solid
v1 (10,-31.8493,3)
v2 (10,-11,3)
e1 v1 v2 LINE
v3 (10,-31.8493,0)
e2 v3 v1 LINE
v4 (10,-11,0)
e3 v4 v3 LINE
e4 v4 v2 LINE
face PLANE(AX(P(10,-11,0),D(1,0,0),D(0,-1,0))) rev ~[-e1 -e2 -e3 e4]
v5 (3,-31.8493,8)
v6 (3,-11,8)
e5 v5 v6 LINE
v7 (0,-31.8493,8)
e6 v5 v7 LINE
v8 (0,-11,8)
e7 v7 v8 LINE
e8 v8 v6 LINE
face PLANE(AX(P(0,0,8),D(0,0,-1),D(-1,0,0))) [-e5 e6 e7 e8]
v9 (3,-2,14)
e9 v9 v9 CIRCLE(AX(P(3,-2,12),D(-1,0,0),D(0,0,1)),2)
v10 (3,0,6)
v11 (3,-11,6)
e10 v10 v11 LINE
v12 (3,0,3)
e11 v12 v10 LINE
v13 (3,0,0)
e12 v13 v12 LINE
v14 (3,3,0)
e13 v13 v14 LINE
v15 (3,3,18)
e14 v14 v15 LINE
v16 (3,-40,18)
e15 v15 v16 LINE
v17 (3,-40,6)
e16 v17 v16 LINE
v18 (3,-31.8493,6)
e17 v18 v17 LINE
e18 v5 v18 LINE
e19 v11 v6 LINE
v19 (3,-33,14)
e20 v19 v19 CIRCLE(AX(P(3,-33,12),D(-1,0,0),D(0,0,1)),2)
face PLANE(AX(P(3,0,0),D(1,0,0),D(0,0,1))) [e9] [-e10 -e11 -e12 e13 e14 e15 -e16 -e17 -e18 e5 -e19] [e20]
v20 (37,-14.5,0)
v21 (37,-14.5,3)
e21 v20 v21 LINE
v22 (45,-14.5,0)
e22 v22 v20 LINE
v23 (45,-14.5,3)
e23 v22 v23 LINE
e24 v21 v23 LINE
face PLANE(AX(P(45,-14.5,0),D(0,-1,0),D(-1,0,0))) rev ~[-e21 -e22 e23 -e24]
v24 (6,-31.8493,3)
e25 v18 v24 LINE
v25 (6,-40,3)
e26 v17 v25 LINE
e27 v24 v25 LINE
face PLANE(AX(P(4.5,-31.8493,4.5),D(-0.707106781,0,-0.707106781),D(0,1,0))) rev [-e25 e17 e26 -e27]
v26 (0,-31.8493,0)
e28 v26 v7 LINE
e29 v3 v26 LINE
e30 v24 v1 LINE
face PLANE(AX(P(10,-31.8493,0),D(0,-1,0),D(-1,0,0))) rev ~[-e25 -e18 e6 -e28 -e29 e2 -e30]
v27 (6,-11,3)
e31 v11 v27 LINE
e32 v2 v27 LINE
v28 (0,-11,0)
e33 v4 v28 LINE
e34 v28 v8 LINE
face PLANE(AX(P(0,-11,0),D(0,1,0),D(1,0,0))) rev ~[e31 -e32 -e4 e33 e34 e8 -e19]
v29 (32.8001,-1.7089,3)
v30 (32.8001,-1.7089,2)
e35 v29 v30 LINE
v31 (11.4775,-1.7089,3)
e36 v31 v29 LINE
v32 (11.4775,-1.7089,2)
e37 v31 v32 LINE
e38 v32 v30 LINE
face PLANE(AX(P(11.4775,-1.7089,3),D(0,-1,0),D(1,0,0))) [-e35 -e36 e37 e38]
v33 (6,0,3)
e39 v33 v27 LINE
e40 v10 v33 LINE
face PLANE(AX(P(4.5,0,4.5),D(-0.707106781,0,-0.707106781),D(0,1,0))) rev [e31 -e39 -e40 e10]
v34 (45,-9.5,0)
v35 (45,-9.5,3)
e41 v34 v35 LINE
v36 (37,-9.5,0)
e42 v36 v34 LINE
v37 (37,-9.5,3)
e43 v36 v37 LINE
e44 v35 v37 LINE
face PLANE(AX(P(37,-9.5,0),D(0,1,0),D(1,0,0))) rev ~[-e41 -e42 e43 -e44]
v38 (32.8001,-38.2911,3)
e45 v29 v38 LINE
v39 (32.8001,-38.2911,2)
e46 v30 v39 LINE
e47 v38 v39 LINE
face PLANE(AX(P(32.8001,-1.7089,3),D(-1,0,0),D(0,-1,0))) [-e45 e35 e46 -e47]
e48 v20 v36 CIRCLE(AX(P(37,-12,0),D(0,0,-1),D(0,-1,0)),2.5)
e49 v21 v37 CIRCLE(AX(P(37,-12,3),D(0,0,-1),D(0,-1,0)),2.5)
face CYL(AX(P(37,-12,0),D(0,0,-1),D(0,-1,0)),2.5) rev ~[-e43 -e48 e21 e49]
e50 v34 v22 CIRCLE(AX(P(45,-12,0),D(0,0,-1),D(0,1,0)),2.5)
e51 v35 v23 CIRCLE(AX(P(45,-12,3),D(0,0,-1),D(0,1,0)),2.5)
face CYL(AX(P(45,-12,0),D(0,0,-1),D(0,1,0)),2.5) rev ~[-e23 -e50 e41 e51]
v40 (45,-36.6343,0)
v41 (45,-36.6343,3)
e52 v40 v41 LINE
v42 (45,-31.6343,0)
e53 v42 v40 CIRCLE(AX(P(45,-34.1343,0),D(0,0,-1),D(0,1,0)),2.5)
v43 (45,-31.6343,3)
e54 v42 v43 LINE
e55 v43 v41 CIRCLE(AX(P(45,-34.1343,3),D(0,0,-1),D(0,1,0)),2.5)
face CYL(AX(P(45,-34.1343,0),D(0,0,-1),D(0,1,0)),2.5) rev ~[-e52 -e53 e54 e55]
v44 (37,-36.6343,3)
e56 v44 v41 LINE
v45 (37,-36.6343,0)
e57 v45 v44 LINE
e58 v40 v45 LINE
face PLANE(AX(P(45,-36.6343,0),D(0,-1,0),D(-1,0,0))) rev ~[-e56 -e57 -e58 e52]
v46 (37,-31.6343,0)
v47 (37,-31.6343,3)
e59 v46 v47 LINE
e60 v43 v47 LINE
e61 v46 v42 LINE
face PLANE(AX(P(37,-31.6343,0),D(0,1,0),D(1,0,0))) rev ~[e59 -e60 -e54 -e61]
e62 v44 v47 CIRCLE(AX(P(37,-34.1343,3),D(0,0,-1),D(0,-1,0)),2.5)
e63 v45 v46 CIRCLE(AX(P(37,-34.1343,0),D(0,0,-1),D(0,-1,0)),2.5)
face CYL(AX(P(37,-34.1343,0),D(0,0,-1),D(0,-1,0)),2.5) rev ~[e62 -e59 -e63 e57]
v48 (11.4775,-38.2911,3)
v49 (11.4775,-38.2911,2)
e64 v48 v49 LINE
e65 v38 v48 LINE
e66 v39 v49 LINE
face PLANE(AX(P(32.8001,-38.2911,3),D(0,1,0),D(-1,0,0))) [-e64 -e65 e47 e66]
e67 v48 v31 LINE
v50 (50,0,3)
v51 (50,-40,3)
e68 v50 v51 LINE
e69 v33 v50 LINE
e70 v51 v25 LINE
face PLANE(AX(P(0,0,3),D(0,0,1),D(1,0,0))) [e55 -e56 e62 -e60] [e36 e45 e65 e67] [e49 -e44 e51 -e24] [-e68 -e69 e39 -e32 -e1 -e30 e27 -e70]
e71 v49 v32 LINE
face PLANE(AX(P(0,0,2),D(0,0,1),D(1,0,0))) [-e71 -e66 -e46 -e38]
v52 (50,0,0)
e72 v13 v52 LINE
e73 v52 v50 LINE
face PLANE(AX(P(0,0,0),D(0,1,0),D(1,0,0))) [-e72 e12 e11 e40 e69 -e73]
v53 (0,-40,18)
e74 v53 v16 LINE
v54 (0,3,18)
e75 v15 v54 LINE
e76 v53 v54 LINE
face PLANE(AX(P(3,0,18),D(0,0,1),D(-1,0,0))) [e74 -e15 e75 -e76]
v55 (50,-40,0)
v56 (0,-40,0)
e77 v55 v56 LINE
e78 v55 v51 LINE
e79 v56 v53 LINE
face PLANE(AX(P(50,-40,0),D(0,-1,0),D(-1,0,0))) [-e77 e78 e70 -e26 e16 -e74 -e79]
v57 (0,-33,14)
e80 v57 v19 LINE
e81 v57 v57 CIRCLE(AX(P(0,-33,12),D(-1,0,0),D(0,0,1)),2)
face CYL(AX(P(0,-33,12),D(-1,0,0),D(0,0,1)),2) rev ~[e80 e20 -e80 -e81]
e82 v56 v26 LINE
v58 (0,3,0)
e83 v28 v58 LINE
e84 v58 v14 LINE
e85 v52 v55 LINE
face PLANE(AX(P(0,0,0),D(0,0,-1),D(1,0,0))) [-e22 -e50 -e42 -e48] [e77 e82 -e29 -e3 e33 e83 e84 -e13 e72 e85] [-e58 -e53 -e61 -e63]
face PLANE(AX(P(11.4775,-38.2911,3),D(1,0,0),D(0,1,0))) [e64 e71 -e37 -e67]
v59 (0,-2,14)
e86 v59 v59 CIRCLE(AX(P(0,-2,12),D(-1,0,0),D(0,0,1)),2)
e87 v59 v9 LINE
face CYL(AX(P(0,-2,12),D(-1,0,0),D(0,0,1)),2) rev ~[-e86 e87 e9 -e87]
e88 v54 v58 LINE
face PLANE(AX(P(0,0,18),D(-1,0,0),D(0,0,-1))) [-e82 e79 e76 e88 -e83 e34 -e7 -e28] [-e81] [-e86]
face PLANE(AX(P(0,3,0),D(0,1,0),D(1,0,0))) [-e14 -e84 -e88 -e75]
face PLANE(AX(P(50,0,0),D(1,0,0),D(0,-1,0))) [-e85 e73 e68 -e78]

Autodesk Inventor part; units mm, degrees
ref_plane "YZ Plane" through (0, 0, 0) normal (1, 0, 0) x (0, 1, 0)
ref_plane "XZ Plane" through (0, 0, 0) normal (0, 1, 0) x (-1, 0, 0)
ref_plane "XY Plane" through (0, 0, 0) normal (0, 0, 1) x (1, 0, 0)
sketch "Sketch1" plane through (0, 0, 0) normal (0, 0, 1) x (1, 0, 0)
  line L0 (0, 0) -> (50, 0)
  line L1 (50, 0) -> (50, -40)
  line L2 (50, -40) -> (0, -40)
  line L3 (0, -40) -> (0, 0)
  dimension "d0" = 50
  dimension "d1" = 40
extrude "Extrusion1" add sketch "Sketch1" along normal blind 3
sketch "Sketch2" plane through (0, 0, 3) normal (0, 0, 1) x (1, 0, 0)
  line L0 (0, -40) -> (50, -40) projected
  line L1 (0, 0) -> (3, 0)
  line L2 (3, 0) -> (3, -40)
  line L3 (3, -40) -> (0, -40)
  line L4 (0, -40) -> (0, 0)
  dimension "d4" = 3
extrude "Extrusion2" add sketch "Sketch2" along normal blind 15
sketch "Sketch3" plane through (0, 0, 0) normal (0, 1, 0) x (1, 0, 0)
  line L0 (0, 0) -> (3, 0)
  line L1 (3, 0) -> (3, -18)
  line L2 (3, -18) -> (0, -18)
  line L3 (0, -18) -> (0, 0)
extrude "Extrusion3" add sketch "Sketch3" along normal blind 3
sketch "Sketch4" plane through (0, 0, 0) normal (0, 0, -1) x (-1, 0, 0)
  line L0 (0, -40) -> (0, 3) projected
  line L1 (-3, 0) -> (-3, 3) projected
  line L2 (-3, 0) -> (-3, -11)
  line L3 (0, -11) -> (-10, -11)
  line L4 (-10, -11) -> (-10, -31.8493)
  line L5 (-10, -31.8493) -> (0, -31.8493)
  point P0 (0, 0)
  dimension "d9" = 11
  dimension "d10" = 10
extrude "Extrusion4" cut sketch "Sketch4" against normal blind 8
sketch "Sketch6" plane through (0, -40, 0) normal (-1, 0, 0) x (0, 0, 1)
  circle A0 centre (12, 38) radius 2
  point P0 (0, 40)
  dimension "d17" = 4
extrude "Extrusion6" cut sketch "Sketch6" against normal through all
sketch "Sketch7" plane through (0, -40, 0) normal (-1, 0, 0) x (0, 0, 1)
  circle A0 centre (12, 7) radius 2
  point P0 (0, 40)
  dimension "d21" = 4
extrude "Extrusion7" cut sketch "Sketch7" against normal through all
sketch "Sketch8" plane through (0, 0, 0) normal (0, 0, -1) x (-1, 0, 0)
  line L0 (-45, -12) -> (-37, -12) construction
  line L1 (-45, -14.5) -> (-37, -14.5)
  line L2 (-37, -9.5) -> (-45, -9.5)
  arc A0 (-45, -9.5) -> (-45, -14.5) centre (-45, -12) ccw
  arc A1 (-37, -14.5) -> (-37, -9.5) centre (-37, -12) ccw
  point P0 (0, 0)
  point P1 (-41, -12)
  dimension "d27" = 8
  dimension "d28" = 5
extrude "Extrusion8" cut sketch "Sketch8" against normal through all
sketch "Sketch9" plane through (0, 0, 0) normal (0, 0, -1) x (-1, 0, 0)
  line L0 (-37, -14.5) -> (-45, -14.5) projected
  line L1 (-45, -34.1343) -> (-37, -34.1343) construction
  line L2 (-45, -36.6343) -> (-37, -36.6343)
  line L3 (-37, -31.6343) -> (-45, -31.6343)
  arc A0 (-45, -31.6343) -> (-45, -36.6343) centre (-45, -34.1343) ccw
  arc A1 (-37, -36.6343) -> (-37, -31.6343) centre (-37, -34.1343) ccw
  point P0 (0, 0)
  point P1 (-41, -34.1343)
  dimension "d31" = 8
  dimension "d32" = 5
extrude "Extrusion9" cut sketch "Sketch9" against normal through all
sketch "Sketch10" plane through (0, 0, 3) normal (0, 0, 1) x (1, 0, 0)
  line L0 (11.4775, -1.7089) -> (32.8001, -1.7089)
  line L1 (32.8001, -1.7089) -> (32.8001, -38.2911)
  line L2 (32.8001, -38.2911) -> (11.4775, -38.2911)
  line L3 (11.4775, -38.2911) -> (11.4775, -1.7089)
  point P0 (0, 0)
extrude "Extrusion10" cut sketch "Sketch10" against normal blind 1
chamfer "Chamfer1" distance 3 angle 45 1 edges at (3, -35.9246, 3)
chamfer "Chamfer2" distance 3 angle 45 1 edges at (3, -5.5, 3)
properties part number "bart z endstop bracket v9"
